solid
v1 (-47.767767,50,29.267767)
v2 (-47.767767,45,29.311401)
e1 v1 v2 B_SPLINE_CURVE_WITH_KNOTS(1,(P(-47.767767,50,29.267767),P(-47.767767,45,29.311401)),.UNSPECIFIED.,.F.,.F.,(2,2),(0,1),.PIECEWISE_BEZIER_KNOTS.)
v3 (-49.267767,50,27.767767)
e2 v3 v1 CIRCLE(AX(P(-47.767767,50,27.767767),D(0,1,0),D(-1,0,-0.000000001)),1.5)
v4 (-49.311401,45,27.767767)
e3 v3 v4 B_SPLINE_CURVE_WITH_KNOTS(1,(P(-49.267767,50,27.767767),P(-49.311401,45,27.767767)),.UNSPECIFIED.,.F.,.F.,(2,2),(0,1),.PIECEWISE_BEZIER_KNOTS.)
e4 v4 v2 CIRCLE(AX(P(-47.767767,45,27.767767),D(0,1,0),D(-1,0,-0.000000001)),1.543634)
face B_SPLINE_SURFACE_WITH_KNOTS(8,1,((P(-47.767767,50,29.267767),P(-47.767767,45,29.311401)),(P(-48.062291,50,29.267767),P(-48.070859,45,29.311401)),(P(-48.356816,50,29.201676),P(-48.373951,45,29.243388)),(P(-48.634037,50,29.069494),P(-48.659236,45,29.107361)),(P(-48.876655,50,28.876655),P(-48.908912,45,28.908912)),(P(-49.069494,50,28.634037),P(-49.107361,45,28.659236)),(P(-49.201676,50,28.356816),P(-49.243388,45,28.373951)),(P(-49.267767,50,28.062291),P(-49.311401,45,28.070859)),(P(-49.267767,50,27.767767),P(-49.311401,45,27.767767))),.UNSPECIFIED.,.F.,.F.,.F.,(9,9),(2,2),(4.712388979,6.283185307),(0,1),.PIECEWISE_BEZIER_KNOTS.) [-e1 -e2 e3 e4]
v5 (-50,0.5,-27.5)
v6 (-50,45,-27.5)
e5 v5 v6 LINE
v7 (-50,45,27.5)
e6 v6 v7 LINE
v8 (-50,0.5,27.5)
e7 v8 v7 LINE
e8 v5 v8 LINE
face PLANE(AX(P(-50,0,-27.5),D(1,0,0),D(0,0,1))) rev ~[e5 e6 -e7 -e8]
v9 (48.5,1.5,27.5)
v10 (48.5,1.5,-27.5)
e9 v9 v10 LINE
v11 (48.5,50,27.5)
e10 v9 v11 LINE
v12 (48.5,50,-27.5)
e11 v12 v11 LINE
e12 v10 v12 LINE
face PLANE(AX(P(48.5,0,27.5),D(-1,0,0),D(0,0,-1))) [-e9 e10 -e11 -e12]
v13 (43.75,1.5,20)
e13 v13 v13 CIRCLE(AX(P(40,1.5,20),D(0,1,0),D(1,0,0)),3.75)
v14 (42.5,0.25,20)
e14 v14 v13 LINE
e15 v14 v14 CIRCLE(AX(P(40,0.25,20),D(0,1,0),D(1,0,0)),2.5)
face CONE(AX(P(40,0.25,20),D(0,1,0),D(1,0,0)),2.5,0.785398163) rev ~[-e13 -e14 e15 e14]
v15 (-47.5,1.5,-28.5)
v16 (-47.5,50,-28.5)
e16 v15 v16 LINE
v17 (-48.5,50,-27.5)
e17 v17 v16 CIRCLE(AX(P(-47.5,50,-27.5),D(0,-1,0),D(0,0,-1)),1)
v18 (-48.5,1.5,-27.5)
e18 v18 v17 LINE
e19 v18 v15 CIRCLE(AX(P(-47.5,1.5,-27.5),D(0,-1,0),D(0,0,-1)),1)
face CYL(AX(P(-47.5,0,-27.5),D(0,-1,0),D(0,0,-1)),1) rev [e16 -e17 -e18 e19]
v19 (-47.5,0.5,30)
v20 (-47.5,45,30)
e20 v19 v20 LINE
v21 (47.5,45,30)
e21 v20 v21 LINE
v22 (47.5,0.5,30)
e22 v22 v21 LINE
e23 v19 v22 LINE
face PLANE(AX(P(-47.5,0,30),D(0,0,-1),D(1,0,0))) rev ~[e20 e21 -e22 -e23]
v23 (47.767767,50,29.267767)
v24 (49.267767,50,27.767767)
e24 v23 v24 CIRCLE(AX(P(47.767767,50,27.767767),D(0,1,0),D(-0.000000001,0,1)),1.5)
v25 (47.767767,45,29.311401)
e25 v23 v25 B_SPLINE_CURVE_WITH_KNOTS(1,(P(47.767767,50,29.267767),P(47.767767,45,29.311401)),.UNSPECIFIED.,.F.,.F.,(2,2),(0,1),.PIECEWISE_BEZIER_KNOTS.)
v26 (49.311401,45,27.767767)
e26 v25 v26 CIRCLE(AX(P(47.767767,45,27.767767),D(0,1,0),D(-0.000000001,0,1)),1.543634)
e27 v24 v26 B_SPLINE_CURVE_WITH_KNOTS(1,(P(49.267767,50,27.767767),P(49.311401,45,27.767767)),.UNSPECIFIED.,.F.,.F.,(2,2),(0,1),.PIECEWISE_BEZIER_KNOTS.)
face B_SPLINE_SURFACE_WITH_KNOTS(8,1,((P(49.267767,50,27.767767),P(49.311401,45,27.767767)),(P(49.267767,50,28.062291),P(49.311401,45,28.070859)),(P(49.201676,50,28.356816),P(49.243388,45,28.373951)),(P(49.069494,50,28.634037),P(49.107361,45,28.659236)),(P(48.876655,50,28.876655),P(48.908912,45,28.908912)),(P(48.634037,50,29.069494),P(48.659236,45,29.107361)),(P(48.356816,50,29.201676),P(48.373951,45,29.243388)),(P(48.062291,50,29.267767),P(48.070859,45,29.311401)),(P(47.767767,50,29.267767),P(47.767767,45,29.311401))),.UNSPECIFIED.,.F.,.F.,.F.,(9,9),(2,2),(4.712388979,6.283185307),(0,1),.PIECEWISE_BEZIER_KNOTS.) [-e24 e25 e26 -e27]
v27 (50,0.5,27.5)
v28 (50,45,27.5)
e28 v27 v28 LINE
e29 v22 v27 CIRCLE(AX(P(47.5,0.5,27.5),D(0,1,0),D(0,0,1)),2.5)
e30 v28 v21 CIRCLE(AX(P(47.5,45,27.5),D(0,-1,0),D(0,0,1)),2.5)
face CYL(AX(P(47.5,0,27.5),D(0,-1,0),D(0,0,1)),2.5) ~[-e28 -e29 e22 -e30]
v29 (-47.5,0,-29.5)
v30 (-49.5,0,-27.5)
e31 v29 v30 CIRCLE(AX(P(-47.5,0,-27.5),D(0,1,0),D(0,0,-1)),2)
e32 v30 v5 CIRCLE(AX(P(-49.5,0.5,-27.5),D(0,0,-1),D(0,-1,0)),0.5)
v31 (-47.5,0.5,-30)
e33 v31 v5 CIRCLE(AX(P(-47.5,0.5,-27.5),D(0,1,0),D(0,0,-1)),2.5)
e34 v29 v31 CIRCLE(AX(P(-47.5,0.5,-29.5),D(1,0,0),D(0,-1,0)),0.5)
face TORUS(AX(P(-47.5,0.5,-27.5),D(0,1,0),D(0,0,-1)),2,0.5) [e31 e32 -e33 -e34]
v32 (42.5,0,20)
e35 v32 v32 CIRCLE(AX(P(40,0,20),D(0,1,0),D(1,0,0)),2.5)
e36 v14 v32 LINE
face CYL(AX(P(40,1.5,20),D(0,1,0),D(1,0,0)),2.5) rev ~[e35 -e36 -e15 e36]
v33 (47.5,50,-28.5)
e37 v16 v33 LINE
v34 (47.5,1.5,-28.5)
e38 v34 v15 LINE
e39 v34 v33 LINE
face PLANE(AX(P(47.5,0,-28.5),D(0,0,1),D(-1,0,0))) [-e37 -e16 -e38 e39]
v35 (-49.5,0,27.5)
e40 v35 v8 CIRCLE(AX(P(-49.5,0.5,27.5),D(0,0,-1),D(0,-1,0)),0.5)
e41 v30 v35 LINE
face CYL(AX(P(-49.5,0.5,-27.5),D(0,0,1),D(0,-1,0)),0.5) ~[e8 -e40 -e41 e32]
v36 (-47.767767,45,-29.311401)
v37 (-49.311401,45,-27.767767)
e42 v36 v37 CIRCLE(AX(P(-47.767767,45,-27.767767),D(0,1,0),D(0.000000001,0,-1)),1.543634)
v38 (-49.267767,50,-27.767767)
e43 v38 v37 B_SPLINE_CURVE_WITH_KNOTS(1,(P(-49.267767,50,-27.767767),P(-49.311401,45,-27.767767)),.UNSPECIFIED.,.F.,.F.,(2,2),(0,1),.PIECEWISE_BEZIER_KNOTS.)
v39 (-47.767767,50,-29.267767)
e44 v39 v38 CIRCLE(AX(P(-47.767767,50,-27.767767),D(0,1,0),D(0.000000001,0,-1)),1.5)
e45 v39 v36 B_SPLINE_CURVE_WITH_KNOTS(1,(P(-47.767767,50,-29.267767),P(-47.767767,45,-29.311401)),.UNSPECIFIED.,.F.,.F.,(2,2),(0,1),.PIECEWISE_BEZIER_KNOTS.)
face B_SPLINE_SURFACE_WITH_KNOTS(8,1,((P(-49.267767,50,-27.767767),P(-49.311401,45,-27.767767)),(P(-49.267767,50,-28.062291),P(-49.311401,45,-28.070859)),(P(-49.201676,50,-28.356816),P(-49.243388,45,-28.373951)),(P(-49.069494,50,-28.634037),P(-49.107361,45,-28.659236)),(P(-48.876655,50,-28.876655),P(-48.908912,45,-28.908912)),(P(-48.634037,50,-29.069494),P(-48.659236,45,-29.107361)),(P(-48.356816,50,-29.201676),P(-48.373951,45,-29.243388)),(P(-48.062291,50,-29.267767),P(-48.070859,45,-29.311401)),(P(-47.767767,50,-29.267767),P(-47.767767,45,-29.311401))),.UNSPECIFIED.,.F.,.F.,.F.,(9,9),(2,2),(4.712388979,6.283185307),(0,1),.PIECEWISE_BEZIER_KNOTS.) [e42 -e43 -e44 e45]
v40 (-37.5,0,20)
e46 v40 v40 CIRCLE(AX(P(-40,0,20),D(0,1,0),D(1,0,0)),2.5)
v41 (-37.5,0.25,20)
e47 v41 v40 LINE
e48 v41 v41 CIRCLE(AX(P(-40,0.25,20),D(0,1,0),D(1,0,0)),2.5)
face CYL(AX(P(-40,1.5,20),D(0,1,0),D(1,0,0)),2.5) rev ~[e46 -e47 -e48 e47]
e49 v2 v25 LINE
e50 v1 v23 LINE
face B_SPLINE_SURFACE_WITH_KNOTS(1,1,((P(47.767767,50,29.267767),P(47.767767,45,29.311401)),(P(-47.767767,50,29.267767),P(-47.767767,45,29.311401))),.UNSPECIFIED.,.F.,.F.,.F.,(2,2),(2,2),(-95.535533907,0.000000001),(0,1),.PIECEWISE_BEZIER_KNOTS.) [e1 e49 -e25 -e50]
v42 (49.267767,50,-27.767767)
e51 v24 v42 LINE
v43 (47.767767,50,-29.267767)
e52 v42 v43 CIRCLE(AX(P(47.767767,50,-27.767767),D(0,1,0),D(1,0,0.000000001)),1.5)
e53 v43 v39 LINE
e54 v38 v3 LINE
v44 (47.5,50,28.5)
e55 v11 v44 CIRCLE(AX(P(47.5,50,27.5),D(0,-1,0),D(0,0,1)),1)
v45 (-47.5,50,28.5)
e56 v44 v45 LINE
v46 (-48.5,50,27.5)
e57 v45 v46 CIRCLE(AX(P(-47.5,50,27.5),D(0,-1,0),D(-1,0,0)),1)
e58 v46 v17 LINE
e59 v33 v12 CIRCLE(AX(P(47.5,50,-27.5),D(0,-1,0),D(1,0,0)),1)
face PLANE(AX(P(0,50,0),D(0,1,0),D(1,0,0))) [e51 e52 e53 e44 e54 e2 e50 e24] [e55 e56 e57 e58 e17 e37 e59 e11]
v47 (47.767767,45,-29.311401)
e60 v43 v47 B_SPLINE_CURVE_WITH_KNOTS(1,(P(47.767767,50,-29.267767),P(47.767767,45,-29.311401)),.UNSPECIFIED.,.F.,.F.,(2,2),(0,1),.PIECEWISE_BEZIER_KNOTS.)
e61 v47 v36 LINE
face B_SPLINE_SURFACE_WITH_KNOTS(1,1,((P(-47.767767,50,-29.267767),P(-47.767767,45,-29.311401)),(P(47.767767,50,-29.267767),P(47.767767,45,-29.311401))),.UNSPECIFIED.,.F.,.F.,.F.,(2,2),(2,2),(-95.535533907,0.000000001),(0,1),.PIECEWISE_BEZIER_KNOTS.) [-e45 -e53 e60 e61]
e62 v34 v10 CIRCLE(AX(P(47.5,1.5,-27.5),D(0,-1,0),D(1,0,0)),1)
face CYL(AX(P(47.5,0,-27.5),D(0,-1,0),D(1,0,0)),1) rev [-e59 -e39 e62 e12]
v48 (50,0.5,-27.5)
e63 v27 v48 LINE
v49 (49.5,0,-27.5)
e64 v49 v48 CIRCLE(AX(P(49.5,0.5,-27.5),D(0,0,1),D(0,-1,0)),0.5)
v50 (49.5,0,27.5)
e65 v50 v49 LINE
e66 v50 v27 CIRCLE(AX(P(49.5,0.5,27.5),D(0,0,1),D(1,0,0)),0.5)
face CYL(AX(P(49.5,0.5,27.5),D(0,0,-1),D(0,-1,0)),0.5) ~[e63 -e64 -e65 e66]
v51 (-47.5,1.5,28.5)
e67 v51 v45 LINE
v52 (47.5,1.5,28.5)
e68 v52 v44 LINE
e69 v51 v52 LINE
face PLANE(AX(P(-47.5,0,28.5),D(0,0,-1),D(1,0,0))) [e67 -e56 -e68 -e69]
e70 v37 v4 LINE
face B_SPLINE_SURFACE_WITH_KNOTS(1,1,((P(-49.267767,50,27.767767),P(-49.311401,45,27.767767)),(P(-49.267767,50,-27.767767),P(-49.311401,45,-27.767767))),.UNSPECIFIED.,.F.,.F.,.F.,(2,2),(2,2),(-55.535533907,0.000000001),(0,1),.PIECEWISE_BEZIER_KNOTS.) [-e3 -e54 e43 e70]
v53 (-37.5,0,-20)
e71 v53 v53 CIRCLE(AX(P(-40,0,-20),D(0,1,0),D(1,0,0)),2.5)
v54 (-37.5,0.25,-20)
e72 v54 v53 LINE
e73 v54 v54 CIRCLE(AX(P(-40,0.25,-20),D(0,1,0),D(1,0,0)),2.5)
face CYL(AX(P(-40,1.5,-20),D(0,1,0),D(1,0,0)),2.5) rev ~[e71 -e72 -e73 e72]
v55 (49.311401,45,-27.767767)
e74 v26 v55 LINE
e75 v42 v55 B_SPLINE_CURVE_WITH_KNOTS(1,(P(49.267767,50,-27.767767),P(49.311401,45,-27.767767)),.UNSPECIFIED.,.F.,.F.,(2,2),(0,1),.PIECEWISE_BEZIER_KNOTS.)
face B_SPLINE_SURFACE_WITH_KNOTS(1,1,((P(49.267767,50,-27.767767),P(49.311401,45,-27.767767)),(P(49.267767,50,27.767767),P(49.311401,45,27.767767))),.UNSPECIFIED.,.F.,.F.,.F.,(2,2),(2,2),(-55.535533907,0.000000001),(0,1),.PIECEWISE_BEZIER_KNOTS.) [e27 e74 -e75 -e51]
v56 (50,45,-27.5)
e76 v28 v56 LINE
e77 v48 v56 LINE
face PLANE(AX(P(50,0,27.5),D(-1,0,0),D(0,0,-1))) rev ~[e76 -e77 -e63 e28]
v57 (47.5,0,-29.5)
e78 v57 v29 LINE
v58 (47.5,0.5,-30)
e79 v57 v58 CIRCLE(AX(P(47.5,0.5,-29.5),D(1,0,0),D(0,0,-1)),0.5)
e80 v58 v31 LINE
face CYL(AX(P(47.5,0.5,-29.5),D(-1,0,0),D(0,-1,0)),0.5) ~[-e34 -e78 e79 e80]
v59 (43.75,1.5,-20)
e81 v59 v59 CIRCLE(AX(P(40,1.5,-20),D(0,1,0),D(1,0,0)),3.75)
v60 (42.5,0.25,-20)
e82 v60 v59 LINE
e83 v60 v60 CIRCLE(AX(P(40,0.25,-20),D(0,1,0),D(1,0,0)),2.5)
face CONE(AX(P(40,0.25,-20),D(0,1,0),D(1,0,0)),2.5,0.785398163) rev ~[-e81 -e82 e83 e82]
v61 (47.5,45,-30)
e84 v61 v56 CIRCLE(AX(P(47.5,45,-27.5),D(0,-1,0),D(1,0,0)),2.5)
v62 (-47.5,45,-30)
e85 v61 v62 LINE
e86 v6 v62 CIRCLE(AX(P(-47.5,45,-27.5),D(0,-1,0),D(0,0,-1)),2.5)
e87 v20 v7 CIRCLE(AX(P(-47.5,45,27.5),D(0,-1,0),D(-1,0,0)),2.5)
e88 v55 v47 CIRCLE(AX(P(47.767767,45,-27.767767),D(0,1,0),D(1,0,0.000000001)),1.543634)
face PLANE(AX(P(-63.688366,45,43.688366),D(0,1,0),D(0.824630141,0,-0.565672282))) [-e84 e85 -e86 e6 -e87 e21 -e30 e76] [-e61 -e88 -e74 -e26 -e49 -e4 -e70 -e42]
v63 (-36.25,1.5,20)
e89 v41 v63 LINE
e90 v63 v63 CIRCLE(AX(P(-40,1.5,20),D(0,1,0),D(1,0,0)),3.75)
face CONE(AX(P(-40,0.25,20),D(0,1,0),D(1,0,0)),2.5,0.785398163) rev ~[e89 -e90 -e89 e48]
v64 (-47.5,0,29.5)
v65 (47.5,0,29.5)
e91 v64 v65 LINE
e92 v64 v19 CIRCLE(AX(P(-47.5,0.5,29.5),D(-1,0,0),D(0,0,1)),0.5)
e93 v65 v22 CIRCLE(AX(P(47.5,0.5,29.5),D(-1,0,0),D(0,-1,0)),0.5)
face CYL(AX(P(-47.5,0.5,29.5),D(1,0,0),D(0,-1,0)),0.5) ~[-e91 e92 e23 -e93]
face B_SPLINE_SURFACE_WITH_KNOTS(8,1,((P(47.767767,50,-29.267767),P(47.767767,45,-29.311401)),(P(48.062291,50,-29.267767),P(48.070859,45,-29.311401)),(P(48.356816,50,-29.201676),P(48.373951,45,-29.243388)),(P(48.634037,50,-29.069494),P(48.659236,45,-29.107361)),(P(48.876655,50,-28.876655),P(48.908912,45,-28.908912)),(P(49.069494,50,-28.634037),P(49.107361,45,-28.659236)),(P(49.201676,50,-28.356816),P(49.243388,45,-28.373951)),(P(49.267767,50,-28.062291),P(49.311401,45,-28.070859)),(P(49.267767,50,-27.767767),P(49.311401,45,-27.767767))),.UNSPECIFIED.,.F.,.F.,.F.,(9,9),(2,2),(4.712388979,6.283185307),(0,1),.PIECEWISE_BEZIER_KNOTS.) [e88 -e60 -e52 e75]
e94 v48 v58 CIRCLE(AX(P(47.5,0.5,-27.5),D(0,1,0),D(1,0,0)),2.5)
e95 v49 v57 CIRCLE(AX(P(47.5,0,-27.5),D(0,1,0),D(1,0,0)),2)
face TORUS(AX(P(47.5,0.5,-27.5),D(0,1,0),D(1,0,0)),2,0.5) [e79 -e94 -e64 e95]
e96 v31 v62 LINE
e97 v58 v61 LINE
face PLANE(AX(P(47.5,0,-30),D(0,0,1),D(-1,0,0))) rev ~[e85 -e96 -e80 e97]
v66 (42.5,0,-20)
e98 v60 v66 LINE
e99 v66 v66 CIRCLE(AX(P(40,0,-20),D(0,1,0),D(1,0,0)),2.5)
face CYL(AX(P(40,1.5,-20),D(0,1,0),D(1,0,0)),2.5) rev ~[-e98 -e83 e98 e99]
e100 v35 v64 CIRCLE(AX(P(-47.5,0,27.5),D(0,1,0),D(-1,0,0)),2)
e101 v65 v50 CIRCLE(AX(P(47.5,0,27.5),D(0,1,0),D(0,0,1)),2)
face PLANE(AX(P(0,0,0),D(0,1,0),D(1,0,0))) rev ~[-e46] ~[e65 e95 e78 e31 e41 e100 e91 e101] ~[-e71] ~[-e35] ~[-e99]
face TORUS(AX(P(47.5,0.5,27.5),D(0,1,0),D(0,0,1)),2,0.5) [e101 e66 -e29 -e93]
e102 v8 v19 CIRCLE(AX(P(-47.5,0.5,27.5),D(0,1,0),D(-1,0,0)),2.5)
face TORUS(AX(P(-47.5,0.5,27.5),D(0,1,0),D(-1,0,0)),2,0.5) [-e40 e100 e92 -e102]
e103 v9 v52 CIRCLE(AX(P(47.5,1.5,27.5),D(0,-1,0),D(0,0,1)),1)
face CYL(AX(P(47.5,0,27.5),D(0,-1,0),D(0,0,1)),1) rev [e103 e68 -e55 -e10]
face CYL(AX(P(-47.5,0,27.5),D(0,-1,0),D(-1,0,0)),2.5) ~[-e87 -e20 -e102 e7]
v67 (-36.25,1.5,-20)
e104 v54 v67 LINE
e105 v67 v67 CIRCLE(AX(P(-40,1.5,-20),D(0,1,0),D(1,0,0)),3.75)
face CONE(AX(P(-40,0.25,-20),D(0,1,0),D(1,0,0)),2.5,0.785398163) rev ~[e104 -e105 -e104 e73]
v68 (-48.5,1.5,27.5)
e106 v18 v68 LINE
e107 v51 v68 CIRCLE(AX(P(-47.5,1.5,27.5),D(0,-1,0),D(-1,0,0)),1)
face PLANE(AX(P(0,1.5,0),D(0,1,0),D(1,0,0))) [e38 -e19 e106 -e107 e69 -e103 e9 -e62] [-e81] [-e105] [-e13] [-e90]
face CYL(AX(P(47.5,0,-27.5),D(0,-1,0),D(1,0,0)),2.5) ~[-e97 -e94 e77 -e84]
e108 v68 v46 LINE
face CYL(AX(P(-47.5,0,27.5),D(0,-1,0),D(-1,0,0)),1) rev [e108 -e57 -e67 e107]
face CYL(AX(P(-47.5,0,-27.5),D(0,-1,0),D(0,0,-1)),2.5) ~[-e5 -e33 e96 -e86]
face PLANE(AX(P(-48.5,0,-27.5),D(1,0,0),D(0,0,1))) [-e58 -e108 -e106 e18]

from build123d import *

# Parameters (mm, degrees)
BOSS_EXTRUDE1_DEPTH = 50
SHELL1_T            = -1.5
SKETCH2_R           = 2.5
CUT_EXTRUDE1_DEPTH  = 50
SKETCH3_OUTSIDE_W   = 127.464
SKETCH3_OUTSIDE_H   = 87.464
CUT_EXTRUDE2_DEPTH  = 5
CUT_EXTRUDE2_TAPER  = 0.5
FILLET1_R           = 0.5
CHAMFER1_SIZE       = 1.25


with BuildPart() as part:
    # Sketch1 → Boss-Extrude1 (new body)
    with BuildSketch(Plane(origin=(0, 0, 0), x_dir=(1, 0, 0), z_dir=(0, 1, 0))):
        with BuildLine():
            Line((-47.5, -30), (47.5, -30))
            ThreePointArc((47.5, -30), (49.267766953, -29.267766953), (50, -27.5))
            Line((50, -27.5), (50, 27.5))
            ThreePointArc((50, 27.5), (49.267766953, 29.267766953), (47.5, 30))
            Line((47.5, 30), (-47.5, 30))
            ThreePointArc((-47.5, 30), (-49.267766953, 29.267766953), (-50, 27.5))
            Line((-50, 27.5), (-50, -27.5))
            ThreePointArc((-50, -27.5), (-49.267766953, -29.267766953), (-47.5, -30))
        make_face()
    extrude(amount=BOSS_EXTRUDE1_DEPTH)

    # Shell1
    shell1_openings = [part.faces().sort_by_distance(p)[0] for p in [
        (0, 50, 0),
    ]]
    offset(amount=SHELL1_T, openings=shell1_openings, kind=Kind.INTERSECTION)

    # Sketch2 → Cut-Extrude1 (cut)
    with BuildSketch(Plane(origin=(0, 1.5, 0), x_dir=(1, 0, 0), z_dir=(0, 1, 0))):
        with Locations((-40, 20)):
            Circle(SKETCH2_R)
        with Locations((40, 20)):
            Circle(SKETCH2_R)
        with Locations((40, -20)):
            Circle(SKETCH2_R)
        with Locations((-40, -20)):
            Circle(SKETCH2_R)
    extrude(amount=-CUT_EXTRUDE1_DEPTH, mode=Mode.SUBTRACT)

    # Sketch3 outside → Cut-Extrude2 (cut)
    with BuildSketch(Plane(origin=(0, 50, 0), x_dir=(1, 0, 0), z_dir=(0, 1, 0))):
        Rectangle(SKETCH3_OUTSIDE_W, SKETCH3_OUTSIDE_H)
        with BuildLine():
            Line((-47.767766953, -29.267766953), (47.767766953, -29.267766953))
            ThreePointArc((47.767766953, -29.267766953), (48.828427125, -28.828427125), (49.267766953, -27.767766953))
            Line((49.267766953, -27.767766953), (49.267766953, 27.767766953))
            ThreePointArc((49.267766953, 27.767766953), (48.828427125, 28.828427125), (47.767766953, 29.267766953))
            Line((47.767766953, 29.267766953), (-47.767766953, 29.267766953))
            ThreePointArc((-47.767766953, 29.267766953), (-48.828427125, 28.828427125), (-49.267766953, 27.767766953))
            Line((-49.267766953, 27.767766953), (-49.267766953, -27.767766953))
            ThreePointArc((-49.267766953, -27.767766953), (-48.828427125, -28.828427125), (-47.767766953, -29.267766953))
        make_face(mode=Mode.SUBTRACT)
    extrude(amount=-CUT_EXTRUDE2_DEPTH, taper=CUT_EXTRUDE2_TAPER, mode=Mode.SUBTRACT)

    # Fillet1
    fillet1_edges = [part.edges().sort_by_distance(p)[0] for p in [
        (-50, 0, 0),
        (-49.267766953, 0, -29.267766953),
        (0, 0, -30),
        (49.267766953, 0, -29.267766953),
        (50, 0, 0),
        (49.267766953, 0, 29.267766953),
        (0, 0, 30),
        (-49.267766953, 0, 29.267766953),
    ]]
    fillet(fillet1_edges, radius=FILLET1_R)

    # Chamfer1
    chamfer1_edges = [part.edges().sort_by_distance(p)[0] for p in [
        (-42.5, 1.5, -20),
        (37.5, 1.5, -20),
        (37.5, 1.5, 20),
        (-42.5, 1.5, 20),
    ]]
    chamfer(chamfer1_edges, length=CHAMFER1_SIZE)


solid = part.part
